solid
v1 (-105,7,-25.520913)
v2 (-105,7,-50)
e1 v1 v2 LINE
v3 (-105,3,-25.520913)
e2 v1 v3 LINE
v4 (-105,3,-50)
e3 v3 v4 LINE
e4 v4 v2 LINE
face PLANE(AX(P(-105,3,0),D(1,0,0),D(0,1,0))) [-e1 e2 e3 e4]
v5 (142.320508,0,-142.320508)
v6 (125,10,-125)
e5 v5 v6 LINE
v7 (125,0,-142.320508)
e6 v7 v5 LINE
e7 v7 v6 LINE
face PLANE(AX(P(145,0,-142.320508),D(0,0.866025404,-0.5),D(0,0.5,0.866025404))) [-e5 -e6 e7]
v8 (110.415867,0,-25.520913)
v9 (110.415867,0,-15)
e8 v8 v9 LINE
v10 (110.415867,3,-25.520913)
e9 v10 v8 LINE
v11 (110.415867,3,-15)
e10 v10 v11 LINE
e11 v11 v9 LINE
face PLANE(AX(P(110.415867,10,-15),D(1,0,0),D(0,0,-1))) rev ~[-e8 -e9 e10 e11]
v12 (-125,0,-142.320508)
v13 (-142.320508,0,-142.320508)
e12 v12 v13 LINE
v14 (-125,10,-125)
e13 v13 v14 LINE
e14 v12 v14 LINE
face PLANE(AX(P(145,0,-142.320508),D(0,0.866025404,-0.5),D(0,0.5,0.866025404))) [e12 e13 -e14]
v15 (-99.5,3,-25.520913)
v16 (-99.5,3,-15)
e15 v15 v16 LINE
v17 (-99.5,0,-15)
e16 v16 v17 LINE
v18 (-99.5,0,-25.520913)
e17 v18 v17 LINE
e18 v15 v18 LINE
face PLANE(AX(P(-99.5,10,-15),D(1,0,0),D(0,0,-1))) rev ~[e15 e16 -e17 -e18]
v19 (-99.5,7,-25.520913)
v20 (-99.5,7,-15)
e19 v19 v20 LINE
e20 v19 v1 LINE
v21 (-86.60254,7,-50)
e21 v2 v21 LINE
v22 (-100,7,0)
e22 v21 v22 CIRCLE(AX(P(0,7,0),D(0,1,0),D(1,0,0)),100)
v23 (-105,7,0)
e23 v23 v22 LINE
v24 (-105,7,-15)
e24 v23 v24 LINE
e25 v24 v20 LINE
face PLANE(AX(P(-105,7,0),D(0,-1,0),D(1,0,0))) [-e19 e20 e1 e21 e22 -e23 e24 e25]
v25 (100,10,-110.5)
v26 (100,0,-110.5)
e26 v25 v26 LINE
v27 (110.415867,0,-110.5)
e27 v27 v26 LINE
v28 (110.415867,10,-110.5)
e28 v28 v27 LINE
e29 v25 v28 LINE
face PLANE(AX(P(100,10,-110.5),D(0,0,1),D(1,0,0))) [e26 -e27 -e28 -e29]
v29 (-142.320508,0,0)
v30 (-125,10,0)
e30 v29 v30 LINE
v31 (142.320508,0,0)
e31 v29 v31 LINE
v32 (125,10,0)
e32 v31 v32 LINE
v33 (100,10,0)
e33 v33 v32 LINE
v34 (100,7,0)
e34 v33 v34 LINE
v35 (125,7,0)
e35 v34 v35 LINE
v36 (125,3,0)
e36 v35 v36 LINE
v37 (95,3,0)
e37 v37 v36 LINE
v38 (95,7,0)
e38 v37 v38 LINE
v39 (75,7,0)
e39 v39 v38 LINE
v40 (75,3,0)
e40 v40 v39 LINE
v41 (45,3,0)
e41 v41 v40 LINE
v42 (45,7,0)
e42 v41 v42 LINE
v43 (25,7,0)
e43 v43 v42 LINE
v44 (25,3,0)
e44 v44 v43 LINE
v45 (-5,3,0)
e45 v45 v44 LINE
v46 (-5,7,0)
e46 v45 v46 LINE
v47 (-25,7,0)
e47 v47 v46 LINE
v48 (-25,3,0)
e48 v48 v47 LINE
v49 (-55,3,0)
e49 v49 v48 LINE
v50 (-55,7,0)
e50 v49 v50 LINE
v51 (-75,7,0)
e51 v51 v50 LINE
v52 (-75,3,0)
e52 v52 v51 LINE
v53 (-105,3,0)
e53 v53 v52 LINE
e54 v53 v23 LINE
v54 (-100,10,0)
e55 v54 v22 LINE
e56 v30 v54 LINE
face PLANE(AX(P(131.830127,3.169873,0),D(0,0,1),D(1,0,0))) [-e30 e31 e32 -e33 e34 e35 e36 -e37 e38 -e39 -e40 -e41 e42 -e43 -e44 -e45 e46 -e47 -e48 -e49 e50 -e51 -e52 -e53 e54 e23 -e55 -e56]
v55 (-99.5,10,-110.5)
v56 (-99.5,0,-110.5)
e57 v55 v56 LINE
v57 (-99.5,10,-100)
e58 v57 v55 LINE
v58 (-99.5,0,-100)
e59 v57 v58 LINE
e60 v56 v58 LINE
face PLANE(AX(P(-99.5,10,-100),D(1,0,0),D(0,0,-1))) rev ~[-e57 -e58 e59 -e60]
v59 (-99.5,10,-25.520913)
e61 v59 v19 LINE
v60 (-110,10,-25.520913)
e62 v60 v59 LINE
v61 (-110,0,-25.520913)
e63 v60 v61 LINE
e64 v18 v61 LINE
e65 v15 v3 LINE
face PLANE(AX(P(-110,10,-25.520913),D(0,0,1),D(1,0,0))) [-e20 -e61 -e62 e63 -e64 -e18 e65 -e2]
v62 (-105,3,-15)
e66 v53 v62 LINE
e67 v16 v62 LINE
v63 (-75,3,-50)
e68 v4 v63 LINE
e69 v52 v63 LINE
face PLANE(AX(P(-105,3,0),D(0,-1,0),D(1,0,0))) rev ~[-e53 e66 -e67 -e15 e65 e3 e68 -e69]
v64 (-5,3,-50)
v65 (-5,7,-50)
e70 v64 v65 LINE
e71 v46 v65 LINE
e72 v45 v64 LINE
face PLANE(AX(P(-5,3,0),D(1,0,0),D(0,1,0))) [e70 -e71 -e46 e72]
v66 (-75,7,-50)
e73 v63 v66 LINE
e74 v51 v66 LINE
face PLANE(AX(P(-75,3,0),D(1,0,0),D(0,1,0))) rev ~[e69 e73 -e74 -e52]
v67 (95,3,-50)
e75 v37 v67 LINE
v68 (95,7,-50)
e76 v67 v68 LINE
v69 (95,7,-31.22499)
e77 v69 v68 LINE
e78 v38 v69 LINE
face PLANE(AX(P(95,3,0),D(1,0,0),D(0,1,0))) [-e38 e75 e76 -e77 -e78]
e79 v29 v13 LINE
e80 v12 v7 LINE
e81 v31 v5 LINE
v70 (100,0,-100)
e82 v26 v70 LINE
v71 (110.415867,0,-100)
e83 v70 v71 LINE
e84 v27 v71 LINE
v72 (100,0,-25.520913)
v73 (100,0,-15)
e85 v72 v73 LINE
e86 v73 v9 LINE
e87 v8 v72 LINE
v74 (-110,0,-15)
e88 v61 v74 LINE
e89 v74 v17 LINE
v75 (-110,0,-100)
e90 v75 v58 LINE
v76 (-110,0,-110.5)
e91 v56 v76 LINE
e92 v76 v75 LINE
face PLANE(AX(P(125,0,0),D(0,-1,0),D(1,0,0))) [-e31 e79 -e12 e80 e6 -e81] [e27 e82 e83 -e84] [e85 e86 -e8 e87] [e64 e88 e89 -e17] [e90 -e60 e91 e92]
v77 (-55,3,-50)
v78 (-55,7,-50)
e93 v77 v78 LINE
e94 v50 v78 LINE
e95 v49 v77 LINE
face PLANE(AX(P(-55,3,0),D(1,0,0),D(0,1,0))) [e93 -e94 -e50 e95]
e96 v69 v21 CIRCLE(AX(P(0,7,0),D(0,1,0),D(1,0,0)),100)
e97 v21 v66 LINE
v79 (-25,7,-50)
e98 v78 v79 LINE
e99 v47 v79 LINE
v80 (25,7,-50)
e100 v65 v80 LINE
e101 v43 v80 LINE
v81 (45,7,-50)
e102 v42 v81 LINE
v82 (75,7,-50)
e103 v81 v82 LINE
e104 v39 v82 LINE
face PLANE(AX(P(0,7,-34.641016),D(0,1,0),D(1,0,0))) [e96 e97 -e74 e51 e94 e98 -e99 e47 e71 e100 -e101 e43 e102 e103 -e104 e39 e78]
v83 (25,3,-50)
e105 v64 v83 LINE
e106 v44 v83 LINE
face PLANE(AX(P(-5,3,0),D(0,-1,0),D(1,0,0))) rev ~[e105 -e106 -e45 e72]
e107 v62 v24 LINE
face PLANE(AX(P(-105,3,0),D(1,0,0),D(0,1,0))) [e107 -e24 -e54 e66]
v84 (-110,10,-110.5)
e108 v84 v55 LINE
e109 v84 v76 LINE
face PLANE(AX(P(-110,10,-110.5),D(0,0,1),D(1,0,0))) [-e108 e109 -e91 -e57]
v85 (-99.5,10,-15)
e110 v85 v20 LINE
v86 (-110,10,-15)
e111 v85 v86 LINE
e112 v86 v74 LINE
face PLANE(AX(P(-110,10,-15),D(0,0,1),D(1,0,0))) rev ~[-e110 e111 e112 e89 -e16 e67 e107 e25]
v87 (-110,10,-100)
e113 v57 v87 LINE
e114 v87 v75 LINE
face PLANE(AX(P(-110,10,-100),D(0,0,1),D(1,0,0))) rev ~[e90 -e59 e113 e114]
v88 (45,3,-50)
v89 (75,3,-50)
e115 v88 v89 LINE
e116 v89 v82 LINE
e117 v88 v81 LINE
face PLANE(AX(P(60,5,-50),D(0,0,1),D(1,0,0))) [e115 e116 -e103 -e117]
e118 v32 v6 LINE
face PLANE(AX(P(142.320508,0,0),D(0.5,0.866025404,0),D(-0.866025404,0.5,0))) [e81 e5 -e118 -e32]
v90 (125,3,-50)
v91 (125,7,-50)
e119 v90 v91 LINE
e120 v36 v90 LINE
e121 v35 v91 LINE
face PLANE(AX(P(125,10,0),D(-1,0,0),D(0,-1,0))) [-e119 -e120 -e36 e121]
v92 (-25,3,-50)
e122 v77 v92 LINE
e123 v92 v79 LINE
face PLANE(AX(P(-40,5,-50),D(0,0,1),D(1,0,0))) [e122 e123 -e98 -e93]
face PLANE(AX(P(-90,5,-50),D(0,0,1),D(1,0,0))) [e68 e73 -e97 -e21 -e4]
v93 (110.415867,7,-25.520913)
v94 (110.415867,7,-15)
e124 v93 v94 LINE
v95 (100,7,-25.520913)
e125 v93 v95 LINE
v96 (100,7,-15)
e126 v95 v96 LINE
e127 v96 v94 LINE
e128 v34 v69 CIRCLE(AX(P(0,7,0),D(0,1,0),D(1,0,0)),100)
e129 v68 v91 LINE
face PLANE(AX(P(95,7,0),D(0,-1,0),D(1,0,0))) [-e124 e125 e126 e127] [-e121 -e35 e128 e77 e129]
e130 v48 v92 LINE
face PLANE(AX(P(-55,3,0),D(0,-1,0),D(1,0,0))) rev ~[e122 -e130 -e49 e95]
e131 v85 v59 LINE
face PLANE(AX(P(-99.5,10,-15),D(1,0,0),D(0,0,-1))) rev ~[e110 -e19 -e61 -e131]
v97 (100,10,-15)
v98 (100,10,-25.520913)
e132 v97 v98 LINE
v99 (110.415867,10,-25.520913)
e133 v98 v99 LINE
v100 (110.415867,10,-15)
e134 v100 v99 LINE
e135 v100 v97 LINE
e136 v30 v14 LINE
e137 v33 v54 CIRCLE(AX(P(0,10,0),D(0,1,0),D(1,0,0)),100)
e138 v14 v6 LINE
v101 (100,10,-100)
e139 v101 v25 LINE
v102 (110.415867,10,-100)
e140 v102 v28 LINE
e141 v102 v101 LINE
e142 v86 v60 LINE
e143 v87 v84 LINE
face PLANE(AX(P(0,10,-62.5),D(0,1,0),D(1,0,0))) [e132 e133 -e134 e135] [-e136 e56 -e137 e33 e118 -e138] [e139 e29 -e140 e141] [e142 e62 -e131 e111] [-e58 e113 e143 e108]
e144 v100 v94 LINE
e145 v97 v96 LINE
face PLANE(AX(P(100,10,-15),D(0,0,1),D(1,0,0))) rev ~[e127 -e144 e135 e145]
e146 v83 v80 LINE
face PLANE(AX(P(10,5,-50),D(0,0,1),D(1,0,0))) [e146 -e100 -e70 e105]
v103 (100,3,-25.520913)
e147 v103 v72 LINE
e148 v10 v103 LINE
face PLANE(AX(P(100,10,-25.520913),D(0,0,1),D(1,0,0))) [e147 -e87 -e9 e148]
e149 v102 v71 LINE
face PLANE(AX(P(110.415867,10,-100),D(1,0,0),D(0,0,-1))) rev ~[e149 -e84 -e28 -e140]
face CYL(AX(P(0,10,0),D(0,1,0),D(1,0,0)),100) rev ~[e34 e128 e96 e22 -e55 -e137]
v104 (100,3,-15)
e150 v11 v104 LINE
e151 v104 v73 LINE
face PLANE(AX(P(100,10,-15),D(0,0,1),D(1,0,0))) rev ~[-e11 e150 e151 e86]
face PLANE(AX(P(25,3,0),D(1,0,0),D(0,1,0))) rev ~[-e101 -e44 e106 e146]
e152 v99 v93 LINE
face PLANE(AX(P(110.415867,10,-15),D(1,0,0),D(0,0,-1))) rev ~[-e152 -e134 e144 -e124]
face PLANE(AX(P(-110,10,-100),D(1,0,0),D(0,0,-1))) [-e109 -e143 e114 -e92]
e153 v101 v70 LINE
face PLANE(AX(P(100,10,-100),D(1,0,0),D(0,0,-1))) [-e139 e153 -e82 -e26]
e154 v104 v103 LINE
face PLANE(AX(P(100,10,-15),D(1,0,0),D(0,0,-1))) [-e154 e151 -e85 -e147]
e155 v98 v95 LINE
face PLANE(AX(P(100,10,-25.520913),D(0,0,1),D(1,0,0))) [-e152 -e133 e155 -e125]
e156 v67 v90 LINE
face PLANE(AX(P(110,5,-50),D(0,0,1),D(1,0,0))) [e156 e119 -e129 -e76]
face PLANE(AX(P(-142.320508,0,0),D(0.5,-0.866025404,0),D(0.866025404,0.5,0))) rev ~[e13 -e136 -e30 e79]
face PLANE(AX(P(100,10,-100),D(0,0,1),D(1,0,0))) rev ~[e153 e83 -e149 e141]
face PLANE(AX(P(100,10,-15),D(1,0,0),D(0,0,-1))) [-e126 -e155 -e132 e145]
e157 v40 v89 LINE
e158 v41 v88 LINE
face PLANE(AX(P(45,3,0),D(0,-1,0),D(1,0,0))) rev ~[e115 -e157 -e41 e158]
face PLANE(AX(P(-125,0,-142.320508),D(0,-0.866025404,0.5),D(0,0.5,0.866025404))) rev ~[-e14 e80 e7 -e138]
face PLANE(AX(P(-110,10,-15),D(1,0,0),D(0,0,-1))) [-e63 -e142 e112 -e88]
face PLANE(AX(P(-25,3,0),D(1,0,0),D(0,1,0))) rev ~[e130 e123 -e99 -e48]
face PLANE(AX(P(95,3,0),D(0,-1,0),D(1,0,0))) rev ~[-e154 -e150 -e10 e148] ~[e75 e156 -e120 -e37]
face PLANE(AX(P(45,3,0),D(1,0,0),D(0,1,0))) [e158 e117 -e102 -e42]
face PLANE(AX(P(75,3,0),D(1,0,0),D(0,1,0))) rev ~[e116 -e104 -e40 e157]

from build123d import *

# Parameters (mm, degrees)
SKETCH_1_W          = 250
SKETCH_1_H          = 125
EXTRUDE_1_DEPTH     = 10
SKETCH_5_W          = 10
SKETCH_5_H          = 10
CUT_EXTRUDE_1_DEPTH = 10
CUT_EXTRUDE_2_DEPTH = 3
SKETCH_7_W          = 30
SKETCH_7_H          = 4
CUT_EXTRUDE_3_DEPTH = 50
EXTRUDE_3_DEPTH     = 250
EXTRUDE_4_REACH     = 191.684
SKETCH_11_W         = 10.5
SKETCH_11_H         = 10.5
SKETCH_11_H_2       = 10.520913438
SKETCH_11_W_2       = 10.415866522
CUT_EXTRUDE_4_DEPTH = 202.519860157


with BuildPart() as part:
    # 草图1 → 凸台-拉伸1 (new body)
    with BuildSketch(Plane(origin=(0, 0, 0), x_dir=(1, 0, 0), z_dir=(0, 1, 0))):
        with Locations((0, 62.5)):
            Rectangle(SKETCH_1_W, SKETCH_1_H)
    extrude(amount=EXTRUDE_1_DEPTH)

    # 草图5 → 切除-拉伸1 (cut)
    with BuildSketch(Plane(origin=(0, 10, 0), x_dir=(1, 0, 0), z_dir=(0, 1, 0))):
        with Locations((-105, 105)):
            Rectangle(SKETCH_5_W, SKETCH_5_H)
        with Locations((-105, 20)):
            Rectangle(SKETCH_5_W, SKETCH_5_H)
        with Locations((105, 105)):
            Rectangle(SKETCH_5_W, SKETCH_5_H)
        with Locations((105, 20)):
            Rectangle(SKETCH_5_W, SKETCH_5_H)
    extrude(amount=-CUT_EXTRUDE_1_DEPTH, mode=Mode.SUBTRACT)

    # 草图6 → 切除-拉伸2 (cut)
    with BuildSketch(Plane(origin=(0, 10, 0), x_dir=(1, 0, 0), z_dir=(0, 1, 0))):
        with BuildLine():
            Line((-100, 0), (100, 0))
            ThreePointArc((100, 0), (0, 100), (-100, 0))
        make_face()
    extrude(amount=-CUT_EXTRUDE_2_DEPTH, mode=Mode.SUBTRACT)

    # 草图7 → 切除-拉伸3 (cut)
    with BuildSketch(Plane.XY):
        with Locations((-90, 5)):
            Rectangle(SKETCH_7_W, SKETCH_7_H)
        with Locations((-40, 5)):
            Rectangle(SKETCH_7_W, SKETCH_7_H)
        with Locations((10, 5)):
            Rectangle(SKETCH_7_W, SKETCH_7_H)
        with Locations((60, 5)):
            Rectangle(SKETCH_7_W, SKETCH_7_H)
        with Locations((110, 5)):
            Rectangle(SKETCH_7_W, SKETCH_7_H)
    extrude(amount=-CUT_EXTRUDE_3_DEPTH, mode=Mode.SUBTRACT)

    # 草图8 → 凸台-拉伸3 (add)
    with BuildSketch(Plane.ZY.offset(125)):
        Polygon((-125, 10), (-125, 0), (-142.320508076, 0), align=None)
    extrude(amount=-EXTRUDE_3_DEPTH)

    # 凸台-拉伸4: up to this plane
    extrude_4_end = Plane(origin=(145, 0, -142.320508076), z_dir=(0, 0.8660254037844419, -0.4999999999999944))
    # 草图9 → 凸台-拉伸4 (add, up to the surface)
    with BuildSketch(Plane.XY, mode=Mode.PRIVATE) as extrude_4_sk1:
        Polygon((-125, 10), (-125, 0), (-142.320508076, 0), align=None)
    extrude_4_tool1 = split(extrude(extrude_4_sk1.sketch, amount=-EXTRUDE_4_REACH, mode=Mode.PRIVATE), bisect_by=extrude_4_end, keep=Keep.BOTH, mode=Mode.PRIVATE)
    add(extrude_4_tool1.solids().sort_by_distance((-130.773503, 3.333333, 0))[0])
    # 草图9 → 凸台-拉伸4 (add, up to the surface)
    with BuildSketch(Plane.XY, mode=Mode.PRIVATE) as extrude_4_sk2:
        Polygon((125, 10), (125, 0), (142.320508076, 0), align=None)
    extrude_4_tool2 = split(extrude(extrude_4_sk2.sketch, amount=-EXTRUDE_4_REACH, mode=Mode.PRIVATE), bisect_by=extrude_4_end, keep=Keep.BOTH, mode=Mode.PRIVATE)
    add(extrude_4_tool2.solids().sort_by_distance((130.773503, 3.333333, 0))[0])

    # 草图11 → 切除-拉伸4 (cut, through all)
    with BuildSketch(Plane(origin=(0, 10, 0), x_dir=(1, 0, 0), z_dir=(0, 1, 0))):
        with Locations((-104.75, 105.25)):
            Rectangle(SKETCH_11_W, SKETCH_11_H)
        with Locations((-104.75, 20.260456719)):
            Rectangle(SKETCH_11_W, SKETCH_11_H_2)
        with Locations((105.207933261, 20.260456719)):
            Rectangle(SKETCH_11_W_2, SKETCH_11_H_2)
        with Locations((105.207933261, 105.25)):
            Rectangle(SKETCH_11_W_2, SKETCH_11_H)
    extrude(amount=-CUT_EXTRUDE_4_DEPTH, mode=Mode.SUBTRACT)


solid = part.part
